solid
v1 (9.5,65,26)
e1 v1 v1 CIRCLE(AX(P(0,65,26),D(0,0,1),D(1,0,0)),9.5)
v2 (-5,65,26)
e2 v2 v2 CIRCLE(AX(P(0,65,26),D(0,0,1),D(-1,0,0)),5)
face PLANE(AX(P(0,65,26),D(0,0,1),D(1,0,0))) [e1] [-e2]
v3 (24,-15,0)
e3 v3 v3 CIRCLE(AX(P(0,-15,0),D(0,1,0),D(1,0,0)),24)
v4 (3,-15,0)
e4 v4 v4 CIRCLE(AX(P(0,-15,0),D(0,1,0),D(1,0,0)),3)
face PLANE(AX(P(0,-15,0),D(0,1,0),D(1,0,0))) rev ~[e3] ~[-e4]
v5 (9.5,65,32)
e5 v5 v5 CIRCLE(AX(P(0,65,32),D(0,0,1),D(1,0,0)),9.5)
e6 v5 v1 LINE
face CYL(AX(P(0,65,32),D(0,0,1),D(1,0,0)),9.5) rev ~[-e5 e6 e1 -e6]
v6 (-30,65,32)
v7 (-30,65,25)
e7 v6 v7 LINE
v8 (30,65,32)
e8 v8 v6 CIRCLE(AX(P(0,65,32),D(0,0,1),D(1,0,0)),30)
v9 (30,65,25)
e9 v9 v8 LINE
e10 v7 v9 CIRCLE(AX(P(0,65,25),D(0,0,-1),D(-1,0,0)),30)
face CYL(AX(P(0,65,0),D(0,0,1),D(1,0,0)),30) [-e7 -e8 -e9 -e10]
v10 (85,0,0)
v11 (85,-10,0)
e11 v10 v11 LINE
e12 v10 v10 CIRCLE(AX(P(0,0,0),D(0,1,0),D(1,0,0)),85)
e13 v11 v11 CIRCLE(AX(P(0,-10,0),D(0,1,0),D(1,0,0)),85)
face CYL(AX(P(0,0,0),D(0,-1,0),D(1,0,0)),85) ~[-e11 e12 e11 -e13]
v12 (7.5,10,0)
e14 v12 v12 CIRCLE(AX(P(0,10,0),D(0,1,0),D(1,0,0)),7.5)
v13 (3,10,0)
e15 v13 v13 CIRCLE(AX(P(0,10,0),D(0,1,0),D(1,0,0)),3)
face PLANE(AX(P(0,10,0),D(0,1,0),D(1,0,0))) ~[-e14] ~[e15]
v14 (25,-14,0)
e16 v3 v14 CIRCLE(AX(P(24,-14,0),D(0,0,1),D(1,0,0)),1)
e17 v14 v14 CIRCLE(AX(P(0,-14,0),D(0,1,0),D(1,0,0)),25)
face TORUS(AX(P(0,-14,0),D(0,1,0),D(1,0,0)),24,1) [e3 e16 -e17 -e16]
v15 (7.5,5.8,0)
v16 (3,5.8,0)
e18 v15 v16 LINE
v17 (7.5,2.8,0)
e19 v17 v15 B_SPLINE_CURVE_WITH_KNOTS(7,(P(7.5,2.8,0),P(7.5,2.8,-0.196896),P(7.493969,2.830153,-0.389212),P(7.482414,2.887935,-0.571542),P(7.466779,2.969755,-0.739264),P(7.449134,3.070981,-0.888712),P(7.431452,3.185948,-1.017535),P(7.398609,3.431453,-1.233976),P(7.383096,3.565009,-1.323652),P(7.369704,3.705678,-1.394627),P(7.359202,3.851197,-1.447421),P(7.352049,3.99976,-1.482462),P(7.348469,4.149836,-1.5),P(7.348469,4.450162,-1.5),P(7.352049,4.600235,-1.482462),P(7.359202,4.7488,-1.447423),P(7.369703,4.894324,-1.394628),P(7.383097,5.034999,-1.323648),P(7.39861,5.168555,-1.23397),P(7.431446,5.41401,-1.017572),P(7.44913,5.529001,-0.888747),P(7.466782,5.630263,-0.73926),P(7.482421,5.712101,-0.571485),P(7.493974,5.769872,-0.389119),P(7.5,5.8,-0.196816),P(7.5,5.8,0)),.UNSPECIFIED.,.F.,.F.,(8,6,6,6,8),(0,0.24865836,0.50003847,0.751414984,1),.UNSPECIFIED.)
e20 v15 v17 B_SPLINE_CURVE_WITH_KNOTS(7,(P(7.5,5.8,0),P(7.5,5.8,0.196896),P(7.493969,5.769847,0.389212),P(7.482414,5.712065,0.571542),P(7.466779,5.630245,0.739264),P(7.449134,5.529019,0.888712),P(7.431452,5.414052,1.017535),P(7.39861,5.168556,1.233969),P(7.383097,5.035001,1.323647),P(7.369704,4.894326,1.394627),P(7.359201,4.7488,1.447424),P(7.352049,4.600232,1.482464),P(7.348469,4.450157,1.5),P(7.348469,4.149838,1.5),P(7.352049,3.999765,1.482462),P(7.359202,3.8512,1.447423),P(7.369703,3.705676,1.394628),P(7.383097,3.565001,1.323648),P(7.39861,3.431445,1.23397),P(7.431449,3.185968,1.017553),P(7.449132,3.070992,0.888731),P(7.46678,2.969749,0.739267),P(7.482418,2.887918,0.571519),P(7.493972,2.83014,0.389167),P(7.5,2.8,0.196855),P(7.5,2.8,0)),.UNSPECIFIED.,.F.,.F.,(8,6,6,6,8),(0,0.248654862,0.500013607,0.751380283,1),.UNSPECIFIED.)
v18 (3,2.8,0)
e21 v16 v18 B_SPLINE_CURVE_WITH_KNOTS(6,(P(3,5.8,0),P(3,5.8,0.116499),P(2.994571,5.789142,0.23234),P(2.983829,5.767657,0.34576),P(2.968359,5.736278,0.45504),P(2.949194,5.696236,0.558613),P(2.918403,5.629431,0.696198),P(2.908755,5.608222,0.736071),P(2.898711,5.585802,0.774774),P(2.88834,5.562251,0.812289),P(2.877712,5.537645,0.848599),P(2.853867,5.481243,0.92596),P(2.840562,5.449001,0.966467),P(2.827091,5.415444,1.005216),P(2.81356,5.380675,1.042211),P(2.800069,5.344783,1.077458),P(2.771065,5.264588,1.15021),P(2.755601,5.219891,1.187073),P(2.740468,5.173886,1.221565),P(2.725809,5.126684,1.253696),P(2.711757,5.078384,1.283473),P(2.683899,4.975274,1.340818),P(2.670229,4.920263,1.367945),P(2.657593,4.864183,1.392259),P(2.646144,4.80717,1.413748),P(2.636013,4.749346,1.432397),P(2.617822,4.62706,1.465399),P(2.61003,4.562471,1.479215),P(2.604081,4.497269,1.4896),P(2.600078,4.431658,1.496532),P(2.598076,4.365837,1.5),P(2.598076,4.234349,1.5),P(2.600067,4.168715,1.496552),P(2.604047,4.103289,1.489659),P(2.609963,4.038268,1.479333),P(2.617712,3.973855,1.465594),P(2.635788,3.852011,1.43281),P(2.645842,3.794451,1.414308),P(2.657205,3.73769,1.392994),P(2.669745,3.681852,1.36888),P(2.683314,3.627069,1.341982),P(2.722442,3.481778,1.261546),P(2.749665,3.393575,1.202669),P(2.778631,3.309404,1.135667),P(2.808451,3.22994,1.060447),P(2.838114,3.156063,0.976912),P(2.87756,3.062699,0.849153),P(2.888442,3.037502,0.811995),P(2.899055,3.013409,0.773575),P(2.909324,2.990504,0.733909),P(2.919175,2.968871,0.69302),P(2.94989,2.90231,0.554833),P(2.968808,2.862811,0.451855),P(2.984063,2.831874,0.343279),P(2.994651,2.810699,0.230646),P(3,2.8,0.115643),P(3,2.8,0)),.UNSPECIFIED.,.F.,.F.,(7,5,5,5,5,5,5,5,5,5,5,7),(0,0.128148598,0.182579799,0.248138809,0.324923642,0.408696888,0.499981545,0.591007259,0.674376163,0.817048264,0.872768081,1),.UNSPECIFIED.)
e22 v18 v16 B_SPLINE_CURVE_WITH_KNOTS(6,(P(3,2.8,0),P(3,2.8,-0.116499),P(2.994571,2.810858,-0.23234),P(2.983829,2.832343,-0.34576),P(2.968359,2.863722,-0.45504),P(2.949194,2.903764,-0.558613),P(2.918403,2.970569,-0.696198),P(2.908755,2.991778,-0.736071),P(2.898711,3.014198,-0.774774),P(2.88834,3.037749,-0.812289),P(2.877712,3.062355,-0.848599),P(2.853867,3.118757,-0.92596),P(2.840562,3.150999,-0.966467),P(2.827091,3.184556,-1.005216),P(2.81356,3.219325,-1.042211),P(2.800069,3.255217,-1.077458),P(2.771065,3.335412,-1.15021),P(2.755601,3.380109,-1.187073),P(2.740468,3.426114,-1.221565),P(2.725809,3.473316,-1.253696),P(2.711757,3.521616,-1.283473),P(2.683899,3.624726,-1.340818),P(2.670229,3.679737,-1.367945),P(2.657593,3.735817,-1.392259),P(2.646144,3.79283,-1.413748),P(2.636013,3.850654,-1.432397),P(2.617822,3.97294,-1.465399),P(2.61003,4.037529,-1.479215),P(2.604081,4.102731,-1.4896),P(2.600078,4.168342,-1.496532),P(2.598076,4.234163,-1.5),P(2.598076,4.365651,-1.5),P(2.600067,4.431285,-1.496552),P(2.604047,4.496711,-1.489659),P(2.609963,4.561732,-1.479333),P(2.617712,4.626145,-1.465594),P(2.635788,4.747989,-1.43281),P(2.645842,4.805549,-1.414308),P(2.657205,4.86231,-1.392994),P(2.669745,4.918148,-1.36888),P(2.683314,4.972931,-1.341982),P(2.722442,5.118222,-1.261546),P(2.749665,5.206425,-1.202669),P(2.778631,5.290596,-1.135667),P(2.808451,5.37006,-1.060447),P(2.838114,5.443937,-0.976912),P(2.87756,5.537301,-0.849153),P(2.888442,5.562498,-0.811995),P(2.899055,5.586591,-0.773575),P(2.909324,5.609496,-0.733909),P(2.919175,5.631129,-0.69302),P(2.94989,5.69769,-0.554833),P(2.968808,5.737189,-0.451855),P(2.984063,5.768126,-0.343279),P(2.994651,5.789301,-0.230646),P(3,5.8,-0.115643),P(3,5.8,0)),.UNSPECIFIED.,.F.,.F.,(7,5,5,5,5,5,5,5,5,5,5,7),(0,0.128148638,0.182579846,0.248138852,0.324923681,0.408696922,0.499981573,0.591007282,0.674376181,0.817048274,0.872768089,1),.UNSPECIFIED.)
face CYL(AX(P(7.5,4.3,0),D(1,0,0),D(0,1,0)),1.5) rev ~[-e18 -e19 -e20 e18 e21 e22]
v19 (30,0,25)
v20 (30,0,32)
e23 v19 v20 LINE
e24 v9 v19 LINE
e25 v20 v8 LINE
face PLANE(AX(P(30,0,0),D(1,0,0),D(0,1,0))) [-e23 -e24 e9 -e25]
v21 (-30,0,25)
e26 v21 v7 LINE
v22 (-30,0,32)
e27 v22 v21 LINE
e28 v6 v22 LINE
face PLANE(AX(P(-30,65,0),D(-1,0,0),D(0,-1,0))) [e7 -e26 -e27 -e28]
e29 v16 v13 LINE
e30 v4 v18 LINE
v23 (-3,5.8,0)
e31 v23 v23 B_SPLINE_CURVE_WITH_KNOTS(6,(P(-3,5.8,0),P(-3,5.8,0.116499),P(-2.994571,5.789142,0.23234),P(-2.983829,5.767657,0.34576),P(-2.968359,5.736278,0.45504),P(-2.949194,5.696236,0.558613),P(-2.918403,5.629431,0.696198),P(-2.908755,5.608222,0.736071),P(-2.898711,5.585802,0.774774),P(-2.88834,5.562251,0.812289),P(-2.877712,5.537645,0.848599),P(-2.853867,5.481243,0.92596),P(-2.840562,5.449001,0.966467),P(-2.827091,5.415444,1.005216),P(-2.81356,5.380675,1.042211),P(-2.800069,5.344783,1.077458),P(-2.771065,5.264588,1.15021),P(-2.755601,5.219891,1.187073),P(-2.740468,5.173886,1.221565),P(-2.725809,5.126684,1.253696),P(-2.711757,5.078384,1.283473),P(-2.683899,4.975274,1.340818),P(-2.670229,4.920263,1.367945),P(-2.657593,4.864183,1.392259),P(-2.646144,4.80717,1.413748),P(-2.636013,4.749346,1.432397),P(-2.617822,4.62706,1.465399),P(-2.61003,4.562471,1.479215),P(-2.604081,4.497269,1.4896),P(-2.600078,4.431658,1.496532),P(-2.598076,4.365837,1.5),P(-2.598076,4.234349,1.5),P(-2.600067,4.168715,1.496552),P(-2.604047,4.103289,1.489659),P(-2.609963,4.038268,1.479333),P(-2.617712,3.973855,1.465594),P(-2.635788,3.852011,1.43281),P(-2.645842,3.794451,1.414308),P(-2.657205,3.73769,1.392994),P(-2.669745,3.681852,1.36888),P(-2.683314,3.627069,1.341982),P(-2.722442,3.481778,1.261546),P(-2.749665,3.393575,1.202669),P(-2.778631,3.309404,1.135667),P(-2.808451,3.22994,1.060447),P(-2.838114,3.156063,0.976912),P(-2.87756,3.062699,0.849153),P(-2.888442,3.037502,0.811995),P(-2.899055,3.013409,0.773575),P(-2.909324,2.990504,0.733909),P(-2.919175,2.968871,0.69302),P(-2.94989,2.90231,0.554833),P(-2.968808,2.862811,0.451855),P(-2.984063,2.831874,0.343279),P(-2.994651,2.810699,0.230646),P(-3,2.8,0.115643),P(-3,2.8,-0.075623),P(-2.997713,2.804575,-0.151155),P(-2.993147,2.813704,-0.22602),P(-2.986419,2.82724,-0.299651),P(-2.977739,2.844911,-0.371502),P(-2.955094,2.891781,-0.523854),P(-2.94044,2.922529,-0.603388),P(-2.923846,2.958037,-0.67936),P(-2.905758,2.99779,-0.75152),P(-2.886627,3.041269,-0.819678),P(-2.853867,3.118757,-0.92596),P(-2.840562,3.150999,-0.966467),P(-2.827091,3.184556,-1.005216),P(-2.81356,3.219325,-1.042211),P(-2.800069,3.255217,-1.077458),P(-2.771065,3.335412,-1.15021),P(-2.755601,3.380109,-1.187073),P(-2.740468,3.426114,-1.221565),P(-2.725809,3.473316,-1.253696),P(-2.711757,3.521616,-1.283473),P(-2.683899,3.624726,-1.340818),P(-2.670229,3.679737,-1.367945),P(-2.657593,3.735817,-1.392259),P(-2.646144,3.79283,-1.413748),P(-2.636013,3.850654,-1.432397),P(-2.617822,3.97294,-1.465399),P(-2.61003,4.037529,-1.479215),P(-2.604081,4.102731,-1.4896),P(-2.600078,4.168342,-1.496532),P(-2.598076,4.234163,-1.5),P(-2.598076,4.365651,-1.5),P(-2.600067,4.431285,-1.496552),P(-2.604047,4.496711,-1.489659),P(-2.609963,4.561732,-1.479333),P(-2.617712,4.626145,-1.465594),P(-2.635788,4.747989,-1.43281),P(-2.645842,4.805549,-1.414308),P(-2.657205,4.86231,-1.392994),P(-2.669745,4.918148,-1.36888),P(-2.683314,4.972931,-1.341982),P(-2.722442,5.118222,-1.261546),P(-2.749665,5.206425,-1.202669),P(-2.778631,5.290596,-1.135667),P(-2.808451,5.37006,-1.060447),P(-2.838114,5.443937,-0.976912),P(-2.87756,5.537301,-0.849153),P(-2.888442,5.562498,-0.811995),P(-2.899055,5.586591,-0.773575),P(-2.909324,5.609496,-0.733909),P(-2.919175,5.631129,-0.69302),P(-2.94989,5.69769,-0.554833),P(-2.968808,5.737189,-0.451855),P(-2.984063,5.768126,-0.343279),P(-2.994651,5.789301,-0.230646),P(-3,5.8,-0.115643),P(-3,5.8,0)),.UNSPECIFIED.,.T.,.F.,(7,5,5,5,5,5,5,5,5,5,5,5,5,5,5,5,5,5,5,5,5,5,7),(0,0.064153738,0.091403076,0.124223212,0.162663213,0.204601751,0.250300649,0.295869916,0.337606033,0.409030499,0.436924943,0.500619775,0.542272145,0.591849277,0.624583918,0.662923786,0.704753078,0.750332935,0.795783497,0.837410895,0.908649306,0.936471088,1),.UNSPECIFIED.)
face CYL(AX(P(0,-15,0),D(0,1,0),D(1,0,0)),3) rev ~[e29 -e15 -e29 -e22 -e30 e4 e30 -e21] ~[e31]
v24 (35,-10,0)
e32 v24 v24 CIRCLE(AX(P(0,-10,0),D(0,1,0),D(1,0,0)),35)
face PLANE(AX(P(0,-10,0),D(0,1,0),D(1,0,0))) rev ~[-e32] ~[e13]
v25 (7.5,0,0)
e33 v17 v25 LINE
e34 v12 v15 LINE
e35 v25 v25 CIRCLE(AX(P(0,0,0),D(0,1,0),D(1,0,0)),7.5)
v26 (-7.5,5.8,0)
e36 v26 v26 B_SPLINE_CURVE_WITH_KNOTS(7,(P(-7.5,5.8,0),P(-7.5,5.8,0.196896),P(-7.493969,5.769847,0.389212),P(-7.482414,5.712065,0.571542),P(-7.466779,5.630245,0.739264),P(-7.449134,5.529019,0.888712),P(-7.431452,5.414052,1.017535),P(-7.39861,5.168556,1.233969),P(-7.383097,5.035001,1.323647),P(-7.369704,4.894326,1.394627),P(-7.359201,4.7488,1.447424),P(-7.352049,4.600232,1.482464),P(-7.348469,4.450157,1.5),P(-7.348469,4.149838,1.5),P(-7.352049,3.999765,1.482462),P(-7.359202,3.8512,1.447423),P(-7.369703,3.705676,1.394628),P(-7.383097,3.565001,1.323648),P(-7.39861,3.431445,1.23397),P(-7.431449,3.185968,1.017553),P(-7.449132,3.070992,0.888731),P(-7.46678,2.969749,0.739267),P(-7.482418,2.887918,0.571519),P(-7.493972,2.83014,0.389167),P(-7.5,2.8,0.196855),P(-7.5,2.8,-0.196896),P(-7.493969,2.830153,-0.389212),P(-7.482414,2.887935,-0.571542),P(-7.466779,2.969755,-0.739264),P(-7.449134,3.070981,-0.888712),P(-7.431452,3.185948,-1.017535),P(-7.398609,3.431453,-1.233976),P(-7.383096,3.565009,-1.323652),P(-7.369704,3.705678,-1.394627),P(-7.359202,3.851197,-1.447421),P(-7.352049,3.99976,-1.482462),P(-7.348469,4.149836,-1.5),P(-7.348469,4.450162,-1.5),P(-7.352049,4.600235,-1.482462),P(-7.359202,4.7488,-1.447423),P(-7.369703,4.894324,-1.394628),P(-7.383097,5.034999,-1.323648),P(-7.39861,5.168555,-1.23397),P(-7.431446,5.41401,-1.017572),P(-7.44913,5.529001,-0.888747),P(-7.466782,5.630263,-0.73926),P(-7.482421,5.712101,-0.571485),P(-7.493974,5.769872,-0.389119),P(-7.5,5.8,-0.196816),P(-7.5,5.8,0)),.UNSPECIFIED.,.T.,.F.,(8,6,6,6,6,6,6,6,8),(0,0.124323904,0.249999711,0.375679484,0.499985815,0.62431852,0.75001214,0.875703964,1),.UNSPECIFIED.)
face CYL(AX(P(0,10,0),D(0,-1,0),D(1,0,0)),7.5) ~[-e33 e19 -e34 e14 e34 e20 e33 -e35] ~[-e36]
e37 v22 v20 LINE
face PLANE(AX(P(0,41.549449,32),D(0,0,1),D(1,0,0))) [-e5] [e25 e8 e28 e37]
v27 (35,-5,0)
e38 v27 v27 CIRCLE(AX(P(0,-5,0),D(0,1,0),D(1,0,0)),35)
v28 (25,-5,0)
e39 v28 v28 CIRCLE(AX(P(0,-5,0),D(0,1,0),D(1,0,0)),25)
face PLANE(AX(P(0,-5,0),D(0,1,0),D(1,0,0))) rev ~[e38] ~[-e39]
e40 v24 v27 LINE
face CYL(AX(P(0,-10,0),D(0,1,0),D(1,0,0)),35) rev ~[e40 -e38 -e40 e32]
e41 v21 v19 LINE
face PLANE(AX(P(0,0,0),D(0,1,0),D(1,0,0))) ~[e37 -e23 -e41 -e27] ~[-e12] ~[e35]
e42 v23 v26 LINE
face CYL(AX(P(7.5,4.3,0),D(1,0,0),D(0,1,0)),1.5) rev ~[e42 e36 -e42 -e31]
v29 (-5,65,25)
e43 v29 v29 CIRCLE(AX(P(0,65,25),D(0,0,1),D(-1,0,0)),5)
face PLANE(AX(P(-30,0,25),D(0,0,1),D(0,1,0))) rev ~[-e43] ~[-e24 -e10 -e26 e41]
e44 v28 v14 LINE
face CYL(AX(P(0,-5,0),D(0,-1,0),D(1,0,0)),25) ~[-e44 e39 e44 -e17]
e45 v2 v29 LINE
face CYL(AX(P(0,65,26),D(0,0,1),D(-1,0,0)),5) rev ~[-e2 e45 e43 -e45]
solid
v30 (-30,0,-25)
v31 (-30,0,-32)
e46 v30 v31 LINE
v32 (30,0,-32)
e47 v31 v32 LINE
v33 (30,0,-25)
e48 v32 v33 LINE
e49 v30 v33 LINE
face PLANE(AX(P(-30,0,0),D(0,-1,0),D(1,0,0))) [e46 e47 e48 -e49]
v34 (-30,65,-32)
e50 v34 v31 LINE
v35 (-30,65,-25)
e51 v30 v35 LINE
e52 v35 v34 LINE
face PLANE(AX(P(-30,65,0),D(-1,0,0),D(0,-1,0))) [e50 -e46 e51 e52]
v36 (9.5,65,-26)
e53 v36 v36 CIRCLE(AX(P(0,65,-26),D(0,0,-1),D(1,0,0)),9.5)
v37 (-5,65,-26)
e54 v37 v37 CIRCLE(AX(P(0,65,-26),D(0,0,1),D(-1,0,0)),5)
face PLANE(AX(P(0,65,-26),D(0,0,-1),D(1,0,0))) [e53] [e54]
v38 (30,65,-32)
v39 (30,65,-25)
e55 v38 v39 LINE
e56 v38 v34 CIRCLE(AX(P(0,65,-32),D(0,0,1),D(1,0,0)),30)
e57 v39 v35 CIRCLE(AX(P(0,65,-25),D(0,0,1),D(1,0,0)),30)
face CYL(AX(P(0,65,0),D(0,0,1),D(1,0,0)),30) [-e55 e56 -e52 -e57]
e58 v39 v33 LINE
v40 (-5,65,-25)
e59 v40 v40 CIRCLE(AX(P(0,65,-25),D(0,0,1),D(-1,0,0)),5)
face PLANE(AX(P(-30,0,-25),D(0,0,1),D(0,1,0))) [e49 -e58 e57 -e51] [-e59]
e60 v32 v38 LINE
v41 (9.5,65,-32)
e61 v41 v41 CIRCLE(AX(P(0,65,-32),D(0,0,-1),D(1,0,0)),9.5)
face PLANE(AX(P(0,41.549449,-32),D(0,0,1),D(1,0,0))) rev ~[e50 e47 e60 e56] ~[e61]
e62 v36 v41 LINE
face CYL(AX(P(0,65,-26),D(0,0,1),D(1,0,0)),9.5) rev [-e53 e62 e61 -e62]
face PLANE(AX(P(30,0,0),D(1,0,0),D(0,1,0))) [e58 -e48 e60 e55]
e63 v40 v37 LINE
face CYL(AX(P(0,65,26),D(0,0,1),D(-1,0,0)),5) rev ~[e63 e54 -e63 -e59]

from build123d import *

# Parameters (mm, degrees)
BOSS_EXTRUDE1_DEPTH = 32
SKETCH5_R           = 9.5
CUT_EXTRUDE2_DEPTH  = 6
CUT_EXTRUDE5_START  = -6
SKETCH12_R          = 9.5
CUT_EXTRUDE5_DEPTH  = 6
SKETCH8_W           = 50
SKETCH8_H           = 95
CUT_EXTRUDE3_DEPTH  = 117.828934772
SKETCH10_R          = 1.5
CUT_EXTRUDE4_DEPTH  = 158.5
FILLET1_R           = 1
SKETCH13_R          = 5
CUT_EXTRUDE6_DEPTH  = 170.02958321


with BuildPart() as part:
    # Sketch1 → Boss-Extrude1 (new, symmetric)
    with BuildSketch(Plane.XY):
        with BuildLine():
            Line((-30, 0), (30, 0))
            Line((30, 0), (30, 65))
            ThreePointArc((30, 65), (0, 95), (-30, 65))
            Line((-30, 65), (-30, 0))
        make_face()
    extrude(amount=BOSS_EXTRUDE1_DEPTH, both=True)

    # Sketch5 → Cut-Extrude2 (cut)
    with BuildSketch(Plane.XY.offset(32)):
        with Locations((0, 65)):
            Circle(SKETCH5_R)
    extrude(amount=-CUT_EXTRUDE2_DEPTH, mode=Mode.SUBTRACT)

    # Sketch12 → Cut-Extrude5 (cut)
    with BuildSketch(Plane(origin=(0, 0, -32), x_dir=(-1, 0, 0), z_dir=(0, 0, -1)).offset(CUT_EXTRUDE5_START)):
        with Locations(Location((0, 65, 0), (0, 0, 180))):
            Circle(SKETCH12_R)
    extrude(amount=CUT_EXTRUDE5_DEPTH, mode=Mode.SUBTRACT)

    # Sketch8 → Cut-Extrude3 (cut, through all)
    with BuildSketch(Plane.ZY.offset(30)):
        with Locations((0, 47.5)):
            Rectangle(SKETCH8_W, SKETCH8_H)
    extrude(amount=-CUT_EXTRUDE3_DEPTH, mode=Mode.SUBTRACT)


with BuildPart() as cut_extrude3_piece_1:
    # of the separate pieces the step leaves, piece 1, a body of its own (cut_extrude3_pieces)
    add(part.part.solids().sort_by_distance((-30, 0, 32))[0])

    # Sketch6 → Revolve1 (revolve)
    with BuildSketch(Plane.XY):
        Polygon((7.5, 0), (85, 0), (85, -10), (35, -10), (35, -5), (25, -5), (25, -15), (3, -15), (3, 10), (7.5, 10), align=None)
    revolve(axis=Axis((0, -9.444930419, 0), (0, 1, 0)))

    # Sketch10 → Cut-Extrude4 (cut, through all)
    with BuildSketch(Plane(origin=(7.5, 0, 0), x_dir=(0, 0, -1), z_dir=(1, 0, 0))):
        with Locations(Location((0, 4.3, 0), (0, 0, 90))):
            Circle(SKETCH10_R)
    extrude(amount=-CUT_EXTRUDE4_DEPTH, mode=Mode.SUBTRACT)

    # Fillet1
    fillet1_edges = [cut_extrude3_piece_1.edges().sort_by_distance(p)[0] for p in [
        (-25, -15, 0),
    ]]
    fillet(fillet1_edges, radius=FILLET1_R)


with BuildPart() as cut_extrude3_piece_2:
    # of the separate pieces the step leaves, piece 2, a body of its own (cut_extrude3_pieces)
    add(part.part.solids().sort_by_distance((-30, 0, -25))[0])


with BuildPart() as cut_extrude6_tool:
    # Sketch13 → Cut-Extrude6 (new, through all)
    with BuildSketch(Plane.XY.offset(26)):
        with Locations(Location((0, 65, 0), (0, 0, 180))):
            Circle(SKETCH13_R)
    extrude(amount=-CUT_EXTRUDE6_DEPTH)


with BuildPart() as cut_extrude3_piece_1_1:
    add(cut_extrude3_piece_1.part)

    # Cut-Extrude6: cut by cut_extrude6_tool
    add(cut_extrude6_tool.part, mode=Mode.SUBTRACT)


with BuildPart() as cut_extrude3_piece_2_1:
    add(cut_extrude3_piece_2.part)

    # Cut-Extrude6: cut by cut_extrude6_tool
    add(cut_extrude6_tool.part, mode=Mode.SUBTRACT)


solid = Compound([cut_extrude3_piece_1_1.part, cut_extrude3_piece_2_1.part])
